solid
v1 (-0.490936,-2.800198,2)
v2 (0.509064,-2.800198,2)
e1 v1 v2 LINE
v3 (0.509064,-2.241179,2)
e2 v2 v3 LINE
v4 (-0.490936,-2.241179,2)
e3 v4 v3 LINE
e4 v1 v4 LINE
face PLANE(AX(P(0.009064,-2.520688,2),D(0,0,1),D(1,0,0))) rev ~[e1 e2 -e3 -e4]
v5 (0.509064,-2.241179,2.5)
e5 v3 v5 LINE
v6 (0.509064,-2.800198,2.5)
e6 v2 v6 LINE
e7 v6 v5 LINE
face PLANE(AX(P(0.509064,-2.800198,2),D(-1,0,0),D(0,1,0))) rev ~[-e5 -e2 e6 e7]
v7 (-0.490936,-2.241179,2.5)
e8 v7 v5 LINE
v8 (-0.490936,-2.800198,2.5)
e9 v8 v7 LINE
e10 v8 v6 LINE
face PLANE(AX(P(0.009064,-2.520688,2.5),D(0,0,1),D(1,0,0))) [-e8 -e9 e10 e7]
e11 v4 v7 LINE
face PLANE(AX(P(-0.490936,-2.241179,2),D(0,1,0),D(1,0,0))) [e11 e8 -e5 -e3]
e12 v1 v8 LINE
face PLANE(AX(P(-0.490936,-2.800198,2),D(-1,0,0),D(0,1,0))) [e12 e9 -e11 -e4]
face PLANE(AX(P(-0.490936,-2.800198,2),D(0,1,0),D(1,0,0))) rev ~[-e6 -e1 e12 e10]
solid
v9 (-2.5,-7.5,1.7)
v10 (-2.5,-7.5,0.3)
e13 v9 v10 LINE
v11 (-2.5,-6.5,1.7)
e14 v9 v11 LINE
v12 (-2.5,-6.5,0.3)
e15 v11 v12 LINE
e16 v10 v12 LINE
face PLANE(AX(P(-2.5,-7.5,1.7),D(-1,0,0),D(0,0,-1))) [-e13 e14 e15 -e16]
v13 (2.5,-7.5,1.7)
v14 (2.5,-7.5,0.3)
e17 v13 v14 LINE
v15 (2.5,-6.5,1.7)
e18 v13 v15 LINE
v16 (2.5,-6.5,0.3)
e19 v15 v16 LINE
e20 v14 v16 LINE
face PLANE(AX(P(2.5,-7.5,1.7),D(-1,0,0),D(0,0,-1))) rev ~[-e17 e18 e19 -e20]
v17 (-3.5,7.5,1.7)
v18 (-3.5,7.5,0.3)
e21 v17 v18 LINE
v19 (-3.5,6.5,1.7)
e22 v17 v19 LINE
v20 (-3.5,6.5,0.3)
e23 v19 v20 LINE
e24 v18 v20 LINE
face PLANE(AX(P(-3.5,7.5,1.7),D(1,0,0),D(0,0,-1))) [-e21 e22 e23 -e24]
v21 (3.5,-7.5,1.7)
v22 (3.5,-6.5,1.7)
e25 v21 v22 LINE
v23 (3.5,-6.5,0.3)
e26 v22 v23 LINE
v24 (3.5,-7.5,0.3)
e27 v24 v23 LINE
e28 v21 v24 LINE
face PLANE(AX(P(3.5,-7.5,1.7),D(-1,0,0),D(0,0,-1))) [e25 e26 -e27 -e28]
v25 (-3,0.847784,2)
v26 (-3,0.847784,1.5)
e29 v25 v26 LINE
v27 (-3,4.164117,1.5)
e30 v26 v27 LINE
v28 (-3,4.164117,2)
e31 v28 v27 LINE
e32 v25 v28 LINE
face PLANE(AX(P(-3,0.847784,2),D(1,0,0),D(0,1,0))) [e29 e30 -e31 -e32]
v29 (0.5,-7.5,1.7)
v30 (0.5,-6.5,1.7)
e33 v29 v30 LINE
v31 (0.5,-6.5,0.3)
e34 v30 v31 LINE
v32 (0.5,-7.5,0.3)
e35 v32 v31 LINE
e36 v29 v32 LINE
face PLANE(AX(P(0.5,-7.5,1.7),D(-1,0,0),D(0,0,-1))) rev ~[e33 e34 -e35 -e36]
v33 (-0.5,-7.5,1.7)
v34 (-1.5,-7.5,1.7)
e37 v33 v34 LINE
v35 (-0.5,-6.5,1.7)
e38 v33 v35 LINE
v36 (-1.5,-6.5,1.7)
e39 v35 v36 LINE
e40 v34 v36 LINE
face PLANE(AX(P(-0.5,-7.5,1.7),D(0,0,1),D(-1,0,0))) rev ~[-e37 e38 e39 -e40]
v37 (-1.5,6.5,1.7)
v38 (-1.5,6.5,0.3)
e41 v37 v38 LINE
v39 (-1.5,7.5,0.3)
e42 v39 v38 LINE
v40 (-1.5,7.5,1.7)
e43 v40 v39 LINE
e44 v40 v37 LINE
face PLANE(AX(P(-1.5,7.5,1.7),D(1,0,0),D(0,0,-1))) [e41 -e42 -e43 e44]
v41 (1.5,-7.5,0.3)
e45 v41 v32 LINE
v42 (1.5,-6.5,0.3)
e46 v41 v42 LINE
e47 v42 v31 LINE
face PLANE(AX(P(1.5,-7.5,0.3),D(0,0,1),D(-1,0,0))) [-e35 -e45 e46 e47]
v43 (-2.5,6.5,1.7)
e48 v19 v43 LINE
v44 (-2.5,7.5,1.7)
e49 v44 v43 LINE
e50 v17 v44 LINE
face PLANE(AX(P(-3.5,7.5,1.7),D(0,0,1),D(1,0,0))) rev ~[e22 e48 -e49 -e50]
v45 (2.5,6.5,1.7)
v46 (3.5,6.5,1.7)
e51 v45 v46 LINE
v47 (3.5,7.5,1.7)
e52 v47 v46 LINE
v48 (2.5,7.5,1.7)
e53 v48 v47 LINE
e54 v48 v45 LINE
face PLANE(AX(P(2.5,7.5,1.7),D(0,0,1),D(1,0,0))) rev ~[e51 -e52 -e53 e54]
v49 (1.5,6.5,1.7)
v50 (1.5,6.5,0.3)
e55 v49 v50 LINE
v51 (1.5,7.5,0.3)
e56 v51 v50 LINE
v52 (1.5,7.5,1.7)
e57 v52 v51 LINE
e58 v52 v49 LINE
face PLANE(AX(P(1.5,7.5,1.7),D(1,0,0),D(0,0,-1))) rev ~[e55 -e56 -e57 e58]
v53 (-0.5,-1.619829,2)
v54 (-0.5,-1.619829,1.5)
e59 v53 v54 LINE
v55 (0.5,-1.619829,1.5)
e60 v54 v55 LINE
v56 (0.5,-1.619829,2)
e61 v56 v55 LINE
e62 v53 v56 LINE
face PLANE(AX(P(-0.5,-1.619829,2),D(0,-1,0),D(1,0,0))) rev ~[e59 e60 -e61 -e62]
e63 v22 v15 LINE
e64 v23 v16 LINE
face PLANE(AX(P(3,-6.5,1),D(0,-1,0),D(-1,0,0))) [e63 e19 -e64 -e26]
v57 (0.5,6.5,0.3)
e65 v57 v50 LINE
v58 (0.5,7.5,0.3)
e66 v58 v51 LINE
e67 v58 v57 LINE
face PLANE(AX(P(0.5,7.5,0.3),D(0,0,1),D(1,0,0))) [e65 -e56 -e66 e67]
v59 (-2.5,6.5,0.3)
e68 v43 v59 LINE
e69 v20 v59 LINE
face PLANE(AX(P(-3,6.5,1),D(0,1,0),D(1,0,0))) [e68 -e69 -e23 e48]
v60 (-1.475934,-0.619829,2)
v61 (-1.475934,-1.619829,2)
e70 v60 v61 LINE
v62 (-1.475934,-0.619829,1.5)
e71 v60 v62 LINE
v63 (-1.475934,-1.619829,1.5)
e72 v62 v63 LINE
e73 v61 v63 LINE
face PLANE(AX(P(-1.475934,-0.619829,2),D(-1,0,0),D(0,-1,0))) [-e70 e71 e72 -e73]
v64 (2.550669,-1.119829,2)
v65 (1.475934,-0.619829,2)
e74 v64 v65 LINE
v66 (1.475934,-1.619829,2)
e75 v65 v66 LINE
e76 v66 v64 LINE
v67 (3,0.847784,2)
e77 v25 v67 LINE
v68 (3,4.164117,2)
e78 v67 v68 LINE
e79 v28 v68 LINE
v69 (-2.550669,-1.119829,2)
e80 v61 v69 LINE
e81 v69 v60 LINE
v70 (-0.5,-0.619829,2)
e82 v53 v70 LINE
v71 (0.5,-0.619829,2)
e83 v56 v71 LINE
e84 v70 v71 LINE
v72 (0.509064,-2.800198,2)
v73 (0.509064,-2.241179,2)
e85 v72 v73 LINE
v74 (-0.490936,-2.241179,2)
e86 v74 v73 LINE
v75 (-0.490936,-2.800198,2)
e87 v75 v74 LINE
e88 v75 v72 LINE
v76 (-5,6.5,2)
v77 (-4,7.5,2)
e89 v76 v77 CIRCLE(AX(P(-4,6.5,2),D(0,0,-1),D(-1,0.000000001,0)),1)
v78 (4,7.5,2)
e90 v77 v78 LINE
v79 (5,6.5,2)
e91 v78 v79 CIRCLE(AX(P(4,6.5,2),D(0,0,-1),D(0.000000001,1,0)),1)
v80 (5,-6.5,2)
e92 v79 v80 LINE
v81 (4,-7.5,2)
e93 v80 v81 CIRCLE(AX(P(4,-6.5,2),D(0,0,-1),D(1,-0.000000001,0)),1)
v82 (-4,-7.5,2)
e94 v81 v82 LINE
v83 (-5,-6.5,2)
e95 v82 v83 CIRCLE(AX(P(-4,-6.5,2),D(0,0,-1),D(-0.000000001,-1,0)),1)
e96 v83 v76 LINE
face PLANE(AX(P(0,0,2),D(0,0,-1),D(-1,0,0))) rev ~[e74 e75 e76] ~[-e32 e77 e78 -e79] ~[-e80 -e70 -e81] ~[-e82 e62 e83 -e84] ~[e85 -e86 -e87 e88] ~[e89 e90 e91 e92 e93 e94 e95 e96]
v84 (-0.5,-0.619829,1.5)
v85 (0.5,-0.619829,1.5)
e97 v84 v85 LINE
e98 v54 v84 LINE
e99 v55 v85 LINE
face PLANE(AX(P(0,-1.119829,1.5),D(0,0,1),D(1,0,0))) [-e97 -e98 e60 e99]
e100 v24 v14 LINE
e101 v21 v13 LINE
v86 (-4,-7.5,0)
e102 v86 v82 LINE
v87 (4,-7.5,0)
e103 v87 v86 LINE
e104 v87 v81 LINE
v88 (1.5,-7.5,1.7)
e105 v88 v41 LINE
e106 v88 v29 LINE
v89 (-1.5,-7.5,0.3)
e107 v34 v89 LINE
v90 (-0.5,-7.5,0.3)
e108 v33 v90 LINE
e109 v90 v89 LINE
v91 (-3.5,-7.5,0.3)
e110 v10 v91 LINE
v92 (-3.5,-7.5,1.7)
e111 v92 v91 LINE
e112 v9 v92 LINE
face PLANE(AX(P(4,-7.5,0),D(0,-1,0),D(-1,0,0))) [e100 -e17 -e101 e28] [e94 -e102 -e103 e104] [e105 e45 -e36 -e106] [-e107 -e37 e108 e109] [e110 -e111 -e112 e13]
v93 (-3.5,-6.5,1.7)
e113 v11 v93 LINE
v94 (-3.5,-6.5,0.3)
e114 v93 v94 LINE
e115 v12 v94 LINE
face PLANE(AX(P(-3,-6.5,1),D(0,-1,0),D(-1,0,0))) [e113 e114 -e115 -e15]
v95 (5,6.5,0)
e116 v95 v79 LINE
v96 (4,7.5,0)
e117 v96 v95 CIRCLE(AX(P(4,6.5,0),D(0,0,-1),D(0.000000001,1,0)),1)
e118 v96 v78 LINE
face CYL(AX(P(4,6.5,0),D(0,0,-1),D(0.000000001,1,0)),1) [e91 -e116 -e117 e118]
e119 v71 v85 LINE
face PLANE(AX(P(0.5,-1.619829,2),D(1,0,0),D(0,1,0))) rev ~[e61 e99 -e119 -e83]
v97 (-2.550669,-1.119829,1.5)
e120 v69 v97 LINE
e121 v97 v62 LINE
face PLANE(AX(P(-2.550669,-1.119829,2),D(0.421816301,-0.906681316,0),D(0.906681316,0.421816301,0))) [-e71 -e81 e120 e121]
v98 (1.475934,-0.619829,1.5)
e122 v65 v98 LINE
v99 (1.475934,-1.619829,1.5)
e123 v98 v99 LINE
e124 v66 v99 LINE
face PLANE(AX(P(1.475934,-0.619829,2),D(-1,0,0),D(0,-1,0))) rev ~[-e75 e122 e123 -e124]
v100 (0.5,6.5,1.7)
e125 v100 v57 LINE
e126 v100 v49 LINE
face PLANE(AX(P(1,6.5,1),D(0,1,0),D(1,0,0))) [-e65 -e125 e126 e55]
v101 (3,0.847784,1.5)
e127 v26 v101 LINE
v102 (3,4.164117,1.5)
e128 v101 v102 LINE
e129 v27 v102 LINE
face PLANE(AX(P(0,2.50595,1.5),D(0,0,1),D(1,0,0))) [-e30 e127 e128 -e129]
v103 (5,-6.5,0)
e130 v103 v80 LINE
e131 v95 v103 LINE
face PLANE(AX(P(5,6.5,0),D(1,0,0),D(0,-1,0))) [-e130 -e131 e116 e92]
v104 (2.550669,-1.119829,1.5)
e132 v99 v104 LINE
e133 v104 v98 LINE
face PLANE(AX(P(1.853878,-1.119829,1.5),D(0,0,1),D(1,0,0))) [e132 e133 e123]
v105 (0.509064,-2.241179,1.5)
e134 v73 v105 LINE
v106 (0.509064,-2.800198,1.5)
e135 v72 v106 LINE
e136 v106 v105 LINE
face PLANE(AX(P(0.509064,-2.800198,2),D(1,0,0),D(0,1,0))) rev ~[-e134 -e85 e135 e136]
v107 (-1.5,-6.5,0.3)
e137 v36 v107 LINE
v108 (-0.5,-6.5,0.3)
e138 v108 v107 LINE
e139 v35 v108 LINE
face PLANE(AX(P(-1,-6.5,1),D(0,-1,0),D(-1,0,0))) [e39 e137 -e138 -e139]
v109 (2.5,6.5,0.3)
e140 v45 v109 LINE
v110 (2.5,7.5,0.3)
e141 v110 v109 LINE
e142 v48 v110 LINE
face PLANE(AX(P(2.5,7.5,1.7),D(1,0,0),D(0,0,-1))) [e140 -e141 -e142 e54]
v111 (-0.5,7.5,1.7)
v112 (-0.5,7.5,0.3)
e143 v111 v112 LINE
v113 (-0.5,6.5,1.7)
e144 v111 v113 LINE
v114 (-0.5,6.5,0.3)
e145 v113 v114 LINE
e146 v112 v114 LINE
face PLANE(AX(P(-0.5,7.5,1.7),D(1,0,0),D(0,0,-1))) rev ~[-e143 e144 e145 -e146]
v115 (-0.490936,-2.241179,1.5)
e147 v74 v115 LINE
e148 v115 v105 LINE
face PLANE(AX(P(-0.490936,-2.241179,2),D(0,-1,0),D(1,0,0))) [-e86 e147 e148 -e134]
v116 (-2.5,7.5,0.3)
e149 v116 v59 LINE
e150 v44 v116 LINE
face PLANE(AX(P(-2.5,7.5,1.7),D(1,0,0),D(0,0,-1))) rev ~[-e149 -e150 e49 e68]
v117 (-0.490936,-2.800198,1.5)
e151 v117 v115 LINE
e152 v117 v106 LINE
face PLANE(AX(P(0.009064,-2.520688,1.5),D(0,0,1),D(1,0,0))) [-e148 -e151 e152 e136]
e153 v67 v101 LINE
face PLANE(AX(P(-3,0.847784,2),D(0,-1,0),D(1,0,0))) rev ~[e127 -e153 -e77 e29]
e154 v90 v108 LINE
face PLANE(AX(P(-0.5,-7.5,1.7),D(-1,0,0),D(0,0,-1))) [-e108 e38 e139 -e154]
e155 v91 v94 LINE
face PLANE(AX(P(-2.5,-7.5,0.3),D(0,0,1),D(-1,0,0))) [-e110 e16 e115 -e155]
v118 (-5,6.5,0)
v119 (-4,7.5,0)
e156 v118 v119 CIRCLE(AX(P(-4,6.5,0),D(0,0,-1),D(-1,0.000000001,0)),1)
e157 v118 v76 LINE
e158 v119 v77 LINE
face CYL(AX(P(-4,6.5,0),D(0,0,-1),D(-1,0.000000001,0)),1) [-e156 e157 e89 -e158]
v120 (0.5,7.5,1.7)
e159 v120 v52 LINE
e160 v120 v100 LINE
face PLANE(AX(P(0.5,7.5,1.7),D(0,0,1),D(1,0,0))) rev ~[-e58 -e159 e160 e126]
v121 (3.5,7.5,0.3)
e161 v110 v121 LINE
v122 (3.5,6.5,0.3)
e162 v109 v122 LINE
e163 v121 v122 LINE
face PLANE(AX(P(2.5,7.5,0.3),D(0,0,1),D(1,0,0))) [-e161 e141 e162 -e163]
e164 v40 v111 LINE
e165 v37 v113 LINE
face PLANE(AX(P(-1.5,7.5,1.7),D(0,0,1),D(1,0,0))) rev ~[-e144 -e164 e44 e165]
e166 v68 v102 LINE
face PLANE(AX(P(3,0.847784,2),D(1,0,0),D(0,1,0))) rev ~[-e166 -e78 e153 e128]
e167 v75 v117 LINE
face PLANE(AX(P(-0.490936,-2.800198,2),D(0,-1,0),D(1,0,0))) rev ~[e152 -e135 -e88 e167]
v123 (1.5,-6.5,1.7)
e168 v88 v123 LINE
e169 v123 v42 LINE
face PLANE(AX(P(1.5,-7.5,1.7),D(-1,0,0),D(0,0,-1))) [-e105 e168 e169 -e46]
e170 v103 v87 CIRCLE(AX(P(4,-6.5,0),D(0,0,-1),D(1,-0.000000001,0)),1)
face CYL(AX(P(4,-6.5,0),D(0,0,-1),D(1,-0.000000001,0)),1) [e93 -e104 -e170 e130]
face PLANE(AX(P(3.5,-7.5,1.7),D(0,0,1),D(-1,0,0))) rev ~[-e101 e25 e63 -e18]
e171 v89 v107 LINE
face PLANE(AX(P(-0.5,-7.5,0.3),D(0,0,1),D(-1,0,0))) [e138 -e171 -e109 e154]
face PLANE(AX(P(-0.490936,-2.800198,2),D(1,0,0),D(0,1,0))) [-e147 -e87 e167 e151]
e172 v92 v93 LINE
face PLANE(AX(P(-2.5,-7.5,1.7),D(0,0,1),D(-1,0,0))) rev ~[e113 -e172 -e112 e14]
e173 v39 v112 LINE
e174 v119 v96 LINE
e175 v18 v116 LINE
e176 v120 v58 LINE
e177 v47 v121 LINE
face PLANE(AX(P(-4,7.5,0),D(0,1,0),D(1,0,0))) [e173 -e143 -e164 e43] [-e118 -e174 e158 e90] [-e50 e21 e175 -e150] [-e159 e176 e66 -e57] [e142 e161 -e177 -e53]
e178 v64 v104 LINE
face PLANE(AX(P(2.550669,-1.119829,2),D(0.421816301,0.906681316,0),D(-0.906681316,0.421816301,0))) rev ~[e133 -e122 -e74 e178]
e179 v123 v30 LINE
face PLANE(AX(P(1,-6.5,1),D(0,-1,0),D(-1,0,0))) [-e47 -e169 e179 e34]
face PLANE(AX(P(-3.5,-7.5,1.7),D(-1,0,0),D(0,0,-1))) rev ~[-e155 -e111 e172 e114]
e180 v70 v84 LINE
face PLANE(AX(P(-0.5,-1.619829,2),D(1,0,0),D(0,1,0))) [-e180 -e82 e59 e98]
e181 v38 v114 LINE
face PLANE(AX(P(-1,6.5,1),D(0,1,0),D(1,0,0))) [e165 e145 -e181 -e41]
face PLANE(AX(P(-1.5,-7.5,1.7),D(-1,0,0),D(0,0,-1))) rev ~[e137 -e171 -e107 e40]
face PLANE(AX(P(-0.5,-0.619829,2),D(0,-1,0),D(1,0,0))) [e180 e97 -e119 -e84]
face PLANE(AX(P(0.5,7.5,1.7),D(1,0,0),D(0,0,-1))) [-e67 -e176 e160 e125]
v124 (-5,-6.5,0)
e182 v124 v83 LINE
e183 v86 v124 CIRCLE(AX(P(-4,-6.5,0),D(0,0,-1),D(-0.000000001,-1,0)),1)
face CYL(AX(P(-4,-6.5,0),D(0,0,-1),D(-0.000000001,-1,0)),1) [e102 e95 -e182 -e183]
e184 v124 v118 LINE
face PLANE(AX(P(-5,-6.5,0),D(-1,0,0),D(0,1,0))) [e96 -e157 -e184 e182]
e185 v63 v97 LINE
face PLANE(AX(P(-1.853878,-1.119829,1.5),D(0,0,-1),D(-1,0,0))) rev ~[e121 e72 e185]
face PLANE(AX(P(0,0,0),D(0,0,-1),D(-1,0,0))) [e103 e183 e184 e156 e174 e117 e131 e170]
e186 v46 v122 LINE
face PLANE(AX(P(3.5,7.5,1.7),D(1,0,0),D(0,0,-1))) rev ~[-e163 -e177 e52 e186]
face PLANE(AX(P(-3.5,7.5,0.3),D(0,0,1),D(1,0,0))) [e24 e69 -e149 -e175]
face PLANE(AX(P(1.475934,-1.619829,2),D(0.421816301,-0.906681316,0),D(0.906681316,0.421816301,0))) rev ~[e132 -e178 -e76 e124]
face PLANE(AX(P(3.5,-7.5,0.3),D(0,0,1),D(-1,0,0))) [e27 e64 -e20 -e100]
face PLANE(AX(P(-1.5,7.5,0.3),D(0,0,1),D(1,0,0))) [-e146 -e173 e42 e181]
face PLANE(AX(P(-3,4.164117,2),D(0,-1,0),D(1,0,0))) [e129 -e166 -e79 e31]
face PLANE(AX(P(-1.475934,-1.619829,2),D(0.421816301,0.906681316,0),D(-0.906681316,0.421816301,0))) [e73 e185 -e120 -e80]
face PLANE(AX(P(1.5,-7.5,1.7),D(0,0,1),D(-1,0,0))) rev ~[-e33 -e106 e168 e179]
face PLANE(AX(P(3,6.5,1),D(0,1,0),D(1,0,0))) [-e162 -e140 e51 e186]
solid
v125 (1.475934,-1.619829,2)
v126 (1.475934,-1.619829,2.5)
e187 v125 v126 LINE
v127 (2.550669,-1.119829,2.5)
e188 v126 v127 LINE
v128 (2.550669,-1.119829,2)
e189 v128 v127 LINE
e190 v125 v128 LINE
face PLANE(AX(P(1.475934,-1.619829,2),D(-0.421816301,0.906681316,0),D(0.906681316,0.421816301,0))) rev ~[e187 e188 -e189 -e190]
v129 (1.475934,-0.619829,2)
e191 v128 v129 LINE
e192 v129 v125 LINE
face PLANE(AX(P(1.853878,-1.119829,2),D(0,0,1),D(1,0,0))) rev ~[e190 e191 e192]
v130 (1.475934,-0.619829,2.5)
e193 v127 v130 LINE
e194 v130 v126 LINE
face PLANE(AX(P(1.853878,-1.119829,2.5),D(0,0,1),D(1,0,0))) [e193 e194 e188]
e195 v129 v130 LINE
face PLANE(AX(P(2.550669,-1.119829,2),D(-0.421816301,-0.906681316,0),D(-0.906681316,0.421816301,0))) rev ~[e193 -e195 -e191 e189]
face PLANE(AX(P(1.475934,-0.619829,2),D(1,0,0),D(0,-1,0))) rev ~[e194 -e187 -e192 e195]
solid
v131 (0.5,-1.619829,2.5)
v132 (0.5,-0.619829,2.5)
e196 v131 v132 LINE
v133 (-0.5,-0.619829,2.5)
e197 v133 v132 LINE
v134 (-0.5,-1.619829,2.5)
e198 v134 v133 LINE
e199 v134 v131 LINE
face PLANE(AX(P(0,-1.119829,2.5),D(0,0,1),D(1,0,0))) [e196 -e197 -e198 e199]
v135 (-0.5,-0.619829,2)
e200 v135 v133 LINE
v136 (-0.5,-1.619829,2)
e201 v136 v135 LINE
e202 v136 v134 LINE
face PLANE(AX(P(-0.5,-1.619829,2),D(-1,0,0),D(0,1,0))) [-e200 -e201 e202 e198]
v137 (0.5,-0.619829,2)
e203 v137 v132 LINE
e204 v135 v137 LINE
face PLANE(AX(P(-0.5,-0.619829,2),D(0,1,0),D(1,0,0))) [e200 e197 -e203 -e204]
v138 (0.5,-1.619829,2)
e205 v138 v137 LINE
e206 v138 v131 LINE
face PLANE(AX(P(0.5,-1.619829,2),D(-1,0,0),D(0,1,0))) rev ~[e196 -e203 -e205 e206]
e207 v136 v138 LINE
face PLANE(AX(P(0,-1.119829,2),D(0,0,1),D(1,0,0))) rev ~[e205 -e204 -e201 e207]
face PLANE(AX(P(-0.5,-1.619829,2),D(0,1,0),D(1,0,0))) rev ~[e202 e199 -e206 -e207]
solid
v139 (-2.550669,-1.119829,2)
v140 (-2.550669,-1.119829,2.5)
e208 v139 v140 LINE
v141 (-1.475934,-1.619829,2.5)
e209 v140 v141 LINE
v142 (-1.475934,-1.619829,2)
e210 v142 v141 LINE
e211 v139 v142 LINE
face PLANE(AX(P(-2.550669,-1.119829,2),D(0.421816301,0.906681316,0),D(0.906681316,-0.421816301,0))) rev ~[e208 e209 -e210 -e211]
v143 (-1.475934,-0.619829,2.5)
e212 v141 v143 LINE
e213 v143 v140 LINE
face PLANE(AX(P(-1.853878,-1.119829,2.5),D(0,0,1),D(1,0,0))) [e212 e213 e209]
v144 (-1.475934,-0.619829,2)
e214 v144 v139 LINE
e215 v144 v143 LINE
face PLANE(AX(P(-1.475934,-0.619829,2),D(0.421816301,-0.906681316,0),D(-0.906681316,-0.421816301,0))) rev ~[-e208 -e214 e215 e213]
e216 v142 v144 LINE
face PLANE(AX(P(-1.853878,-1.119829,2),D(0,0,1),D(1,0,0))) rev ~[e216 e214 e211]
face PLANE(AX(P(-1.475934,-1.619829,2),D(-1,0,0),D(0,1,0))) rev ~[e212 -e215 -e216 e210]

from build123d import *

# Parameters (mm, degrees)
BOSS_EXTRUDE1_DEPTH   = 2
SKETCH3_W             = 1
SKETCH3_H             = 1.4
CUT_EXTRUDE2_DEPTH    = 1
SKETCH2_W             = 1
SKETCH2_H             = 1.4
CUT_EXTRUDE3_DEPTH    = 1
SKETCH4_W             = 6
SKETCH4_H             = 3.316332314
SKETCH4_W_2           = 1
SKETCH4_H_2           = 1
SKETCH4_H_3           = 0.559018778
CUT_EXTRUDE4_DEPTH    = 0.5
BOSS_EXTRUDE2_DEPTH   = 0.5
SKETCH5_W             = 1
SKETCH5_H             = 1
BOSS_EXTRUDE2_2_DEPTH = 0.5
SKETCH5_H_2           = 0.559018778
BOSS_EXTRUDE2_3_DEPTH = 0.5
BOSS_EXTRUDE2_4_DEPTH = 0.5


with BuildPart() as part:
    # Sketch1 → Boss-Extrude1 (new body)
    with BuildSketch(Plane.XY):
        with BuildLine():
            Line((-4, 7.5), (4, 7.5))
            ThreePointArc((4, 7.5), (4.707106781, 7.207106781), (5, 6.5))
            Line((5, 6.5), (5, -6.5))
            ThreePointArc((5, -6.5), (4.707106781, -7.207106781), (4, -7.5))
            Line((4, -7.5), (-4, -7.5))
            ThreePointArc((-4, -7.5), (-4.707106781, -7.207106781), (-5, -6.5))
            Line((-5, -6.5), (-5, 6.5))
            ThreePointArc((-5, 6.5), (-4.707106781, 7.207106781), (-4, 7.5))
        make_face()
    extrude(amount=BOSS_EXTRUDE1_DEPTH)

    # Sketch3 → Cut-Extrude2 (cut)
    with BuildSketch(Plane(origin=(0, -7.5, 0), x_dir=(-1, 0, 0), z_dir=(0, -1, 0))):
        with Locations((-3, -1)):
            Rectangle(SKETCH3_W, SKETCH3_H)
        with Locations((-1, -1)):
            Rectangle(SKETCH3_W, SKETCH3_H)
        with Locations((1, -1)):
            Rectangle(SKETCH3_W, SKETCH3_H)
        with Locations((3, -1)):
            Rectangle(SKETCH3_W, SKETCH3_H)
    extrude(amount=-CUT_EXTRUDE2_DEPTH, mode=Mode.SUBTRACT)

    # Sketch2 → Cut-Extrude3 (cut)
    with BuildSketch(Plane(origin=(0, 7.5, 0), x_dir=(1, 0, 0), z_dir=(0, 1, 0))):
        with Locations((-1, -1)):
            Rectangle(SKETCH2_W, SKETCH2_H)
        with Locations((1, -1)):
            Rectangle(SKETCH2_W, SKETCH2_H)
        with Locations((3, -1)):
            Rectangle(SKETCH2_W, SKETCH2_H)
        with Locations((-3, -1)):
            Rectangle(SKETCH2_W, SKETCH2_H)
    extrude(amount=-CUT_EXTRUDE3_DEPTH, mode=Mode.SUBTRACT)

    # Sketch4 → Cut-Extrude4 (cut)
    with BuildSketch(Plane.XY.offset(2)):
        with Locations((0, 2.505950357)):
            Rectangle(SKETCH4_W, SKETCH4_H)
        Polygon((1.475933968, -0.619829312), (1.475933968, -1.619829312), (2.550668767, -1.119829312), align=None)
        with Locations((0, -1.119829312)):
            Rectangle(SKETCH4_W_2, SKETCH4_H_2)
        with Locations((0.009064429, -2.520688379)):
            Rectangle(SKETCH4_W_2, SKETCH4_H_3)
        Polygon((-1.475933968, -0.619829312), (-1.475933968, -1.619829312), (-2.550668767, -1.119829312), align=None)
    extrude(amount=-CUT_EXTRUDE4_DEPTH, mode=Mode.SUBTRACT)


with BuildPart() as body_2:
    # Sketch5 → Boss-Extrude2 (new body)
    with BuildSketch(Plane.XY.offset(2)):
        Polygon((1.475933968, -0.619829312), (1.475933968, -1.619829312), (2.550668767, -1.119829312), align=None)
    extrude(amount=BOSS_EXTRUDE2_DEPTH)


with BuildPart() as body_3:
    # Sketch5 → Boss-Extrude2 2 (new body)
    with BuildSketch(Plane.XY.offset(2)):
        with Locations((0, -1.119829312)):
            Rectangle(SKETCH5_W, SKETCH5_H)
    extrude(amount=BOSS_EXTRUDE2_2_DEPTH)


with BuildPart() as body_4:
    # Sketch5 → Boss-Extrude2 3 (new body)
    with BuildSketch(Plane.XY.offset(2)):
        with Locations((0.009064429, -2.520688379)):
            Rectangle(SKETCH5_W, SKETCH5_H_2)
    extrude(amount=BOSS_EXTRUDE2_3_DEPTH)


with BuildPart() as body_5:
    # Sketch5 → Boss-Extrude2 4 (new body)
    with BuildSketch(Plane.XY.offset(2)):
        Polygon((-1.475933968, -1.619829312), (-1.475933968, -0.619829312), (-2.550668767, -1.119829312), align=None)
    extrude(amount=BOSS_EXTRUDE2_4_DEPTH)


solid = Compound([part.part, body_2.part, body_3.part, body_4.part, body_5.part])
